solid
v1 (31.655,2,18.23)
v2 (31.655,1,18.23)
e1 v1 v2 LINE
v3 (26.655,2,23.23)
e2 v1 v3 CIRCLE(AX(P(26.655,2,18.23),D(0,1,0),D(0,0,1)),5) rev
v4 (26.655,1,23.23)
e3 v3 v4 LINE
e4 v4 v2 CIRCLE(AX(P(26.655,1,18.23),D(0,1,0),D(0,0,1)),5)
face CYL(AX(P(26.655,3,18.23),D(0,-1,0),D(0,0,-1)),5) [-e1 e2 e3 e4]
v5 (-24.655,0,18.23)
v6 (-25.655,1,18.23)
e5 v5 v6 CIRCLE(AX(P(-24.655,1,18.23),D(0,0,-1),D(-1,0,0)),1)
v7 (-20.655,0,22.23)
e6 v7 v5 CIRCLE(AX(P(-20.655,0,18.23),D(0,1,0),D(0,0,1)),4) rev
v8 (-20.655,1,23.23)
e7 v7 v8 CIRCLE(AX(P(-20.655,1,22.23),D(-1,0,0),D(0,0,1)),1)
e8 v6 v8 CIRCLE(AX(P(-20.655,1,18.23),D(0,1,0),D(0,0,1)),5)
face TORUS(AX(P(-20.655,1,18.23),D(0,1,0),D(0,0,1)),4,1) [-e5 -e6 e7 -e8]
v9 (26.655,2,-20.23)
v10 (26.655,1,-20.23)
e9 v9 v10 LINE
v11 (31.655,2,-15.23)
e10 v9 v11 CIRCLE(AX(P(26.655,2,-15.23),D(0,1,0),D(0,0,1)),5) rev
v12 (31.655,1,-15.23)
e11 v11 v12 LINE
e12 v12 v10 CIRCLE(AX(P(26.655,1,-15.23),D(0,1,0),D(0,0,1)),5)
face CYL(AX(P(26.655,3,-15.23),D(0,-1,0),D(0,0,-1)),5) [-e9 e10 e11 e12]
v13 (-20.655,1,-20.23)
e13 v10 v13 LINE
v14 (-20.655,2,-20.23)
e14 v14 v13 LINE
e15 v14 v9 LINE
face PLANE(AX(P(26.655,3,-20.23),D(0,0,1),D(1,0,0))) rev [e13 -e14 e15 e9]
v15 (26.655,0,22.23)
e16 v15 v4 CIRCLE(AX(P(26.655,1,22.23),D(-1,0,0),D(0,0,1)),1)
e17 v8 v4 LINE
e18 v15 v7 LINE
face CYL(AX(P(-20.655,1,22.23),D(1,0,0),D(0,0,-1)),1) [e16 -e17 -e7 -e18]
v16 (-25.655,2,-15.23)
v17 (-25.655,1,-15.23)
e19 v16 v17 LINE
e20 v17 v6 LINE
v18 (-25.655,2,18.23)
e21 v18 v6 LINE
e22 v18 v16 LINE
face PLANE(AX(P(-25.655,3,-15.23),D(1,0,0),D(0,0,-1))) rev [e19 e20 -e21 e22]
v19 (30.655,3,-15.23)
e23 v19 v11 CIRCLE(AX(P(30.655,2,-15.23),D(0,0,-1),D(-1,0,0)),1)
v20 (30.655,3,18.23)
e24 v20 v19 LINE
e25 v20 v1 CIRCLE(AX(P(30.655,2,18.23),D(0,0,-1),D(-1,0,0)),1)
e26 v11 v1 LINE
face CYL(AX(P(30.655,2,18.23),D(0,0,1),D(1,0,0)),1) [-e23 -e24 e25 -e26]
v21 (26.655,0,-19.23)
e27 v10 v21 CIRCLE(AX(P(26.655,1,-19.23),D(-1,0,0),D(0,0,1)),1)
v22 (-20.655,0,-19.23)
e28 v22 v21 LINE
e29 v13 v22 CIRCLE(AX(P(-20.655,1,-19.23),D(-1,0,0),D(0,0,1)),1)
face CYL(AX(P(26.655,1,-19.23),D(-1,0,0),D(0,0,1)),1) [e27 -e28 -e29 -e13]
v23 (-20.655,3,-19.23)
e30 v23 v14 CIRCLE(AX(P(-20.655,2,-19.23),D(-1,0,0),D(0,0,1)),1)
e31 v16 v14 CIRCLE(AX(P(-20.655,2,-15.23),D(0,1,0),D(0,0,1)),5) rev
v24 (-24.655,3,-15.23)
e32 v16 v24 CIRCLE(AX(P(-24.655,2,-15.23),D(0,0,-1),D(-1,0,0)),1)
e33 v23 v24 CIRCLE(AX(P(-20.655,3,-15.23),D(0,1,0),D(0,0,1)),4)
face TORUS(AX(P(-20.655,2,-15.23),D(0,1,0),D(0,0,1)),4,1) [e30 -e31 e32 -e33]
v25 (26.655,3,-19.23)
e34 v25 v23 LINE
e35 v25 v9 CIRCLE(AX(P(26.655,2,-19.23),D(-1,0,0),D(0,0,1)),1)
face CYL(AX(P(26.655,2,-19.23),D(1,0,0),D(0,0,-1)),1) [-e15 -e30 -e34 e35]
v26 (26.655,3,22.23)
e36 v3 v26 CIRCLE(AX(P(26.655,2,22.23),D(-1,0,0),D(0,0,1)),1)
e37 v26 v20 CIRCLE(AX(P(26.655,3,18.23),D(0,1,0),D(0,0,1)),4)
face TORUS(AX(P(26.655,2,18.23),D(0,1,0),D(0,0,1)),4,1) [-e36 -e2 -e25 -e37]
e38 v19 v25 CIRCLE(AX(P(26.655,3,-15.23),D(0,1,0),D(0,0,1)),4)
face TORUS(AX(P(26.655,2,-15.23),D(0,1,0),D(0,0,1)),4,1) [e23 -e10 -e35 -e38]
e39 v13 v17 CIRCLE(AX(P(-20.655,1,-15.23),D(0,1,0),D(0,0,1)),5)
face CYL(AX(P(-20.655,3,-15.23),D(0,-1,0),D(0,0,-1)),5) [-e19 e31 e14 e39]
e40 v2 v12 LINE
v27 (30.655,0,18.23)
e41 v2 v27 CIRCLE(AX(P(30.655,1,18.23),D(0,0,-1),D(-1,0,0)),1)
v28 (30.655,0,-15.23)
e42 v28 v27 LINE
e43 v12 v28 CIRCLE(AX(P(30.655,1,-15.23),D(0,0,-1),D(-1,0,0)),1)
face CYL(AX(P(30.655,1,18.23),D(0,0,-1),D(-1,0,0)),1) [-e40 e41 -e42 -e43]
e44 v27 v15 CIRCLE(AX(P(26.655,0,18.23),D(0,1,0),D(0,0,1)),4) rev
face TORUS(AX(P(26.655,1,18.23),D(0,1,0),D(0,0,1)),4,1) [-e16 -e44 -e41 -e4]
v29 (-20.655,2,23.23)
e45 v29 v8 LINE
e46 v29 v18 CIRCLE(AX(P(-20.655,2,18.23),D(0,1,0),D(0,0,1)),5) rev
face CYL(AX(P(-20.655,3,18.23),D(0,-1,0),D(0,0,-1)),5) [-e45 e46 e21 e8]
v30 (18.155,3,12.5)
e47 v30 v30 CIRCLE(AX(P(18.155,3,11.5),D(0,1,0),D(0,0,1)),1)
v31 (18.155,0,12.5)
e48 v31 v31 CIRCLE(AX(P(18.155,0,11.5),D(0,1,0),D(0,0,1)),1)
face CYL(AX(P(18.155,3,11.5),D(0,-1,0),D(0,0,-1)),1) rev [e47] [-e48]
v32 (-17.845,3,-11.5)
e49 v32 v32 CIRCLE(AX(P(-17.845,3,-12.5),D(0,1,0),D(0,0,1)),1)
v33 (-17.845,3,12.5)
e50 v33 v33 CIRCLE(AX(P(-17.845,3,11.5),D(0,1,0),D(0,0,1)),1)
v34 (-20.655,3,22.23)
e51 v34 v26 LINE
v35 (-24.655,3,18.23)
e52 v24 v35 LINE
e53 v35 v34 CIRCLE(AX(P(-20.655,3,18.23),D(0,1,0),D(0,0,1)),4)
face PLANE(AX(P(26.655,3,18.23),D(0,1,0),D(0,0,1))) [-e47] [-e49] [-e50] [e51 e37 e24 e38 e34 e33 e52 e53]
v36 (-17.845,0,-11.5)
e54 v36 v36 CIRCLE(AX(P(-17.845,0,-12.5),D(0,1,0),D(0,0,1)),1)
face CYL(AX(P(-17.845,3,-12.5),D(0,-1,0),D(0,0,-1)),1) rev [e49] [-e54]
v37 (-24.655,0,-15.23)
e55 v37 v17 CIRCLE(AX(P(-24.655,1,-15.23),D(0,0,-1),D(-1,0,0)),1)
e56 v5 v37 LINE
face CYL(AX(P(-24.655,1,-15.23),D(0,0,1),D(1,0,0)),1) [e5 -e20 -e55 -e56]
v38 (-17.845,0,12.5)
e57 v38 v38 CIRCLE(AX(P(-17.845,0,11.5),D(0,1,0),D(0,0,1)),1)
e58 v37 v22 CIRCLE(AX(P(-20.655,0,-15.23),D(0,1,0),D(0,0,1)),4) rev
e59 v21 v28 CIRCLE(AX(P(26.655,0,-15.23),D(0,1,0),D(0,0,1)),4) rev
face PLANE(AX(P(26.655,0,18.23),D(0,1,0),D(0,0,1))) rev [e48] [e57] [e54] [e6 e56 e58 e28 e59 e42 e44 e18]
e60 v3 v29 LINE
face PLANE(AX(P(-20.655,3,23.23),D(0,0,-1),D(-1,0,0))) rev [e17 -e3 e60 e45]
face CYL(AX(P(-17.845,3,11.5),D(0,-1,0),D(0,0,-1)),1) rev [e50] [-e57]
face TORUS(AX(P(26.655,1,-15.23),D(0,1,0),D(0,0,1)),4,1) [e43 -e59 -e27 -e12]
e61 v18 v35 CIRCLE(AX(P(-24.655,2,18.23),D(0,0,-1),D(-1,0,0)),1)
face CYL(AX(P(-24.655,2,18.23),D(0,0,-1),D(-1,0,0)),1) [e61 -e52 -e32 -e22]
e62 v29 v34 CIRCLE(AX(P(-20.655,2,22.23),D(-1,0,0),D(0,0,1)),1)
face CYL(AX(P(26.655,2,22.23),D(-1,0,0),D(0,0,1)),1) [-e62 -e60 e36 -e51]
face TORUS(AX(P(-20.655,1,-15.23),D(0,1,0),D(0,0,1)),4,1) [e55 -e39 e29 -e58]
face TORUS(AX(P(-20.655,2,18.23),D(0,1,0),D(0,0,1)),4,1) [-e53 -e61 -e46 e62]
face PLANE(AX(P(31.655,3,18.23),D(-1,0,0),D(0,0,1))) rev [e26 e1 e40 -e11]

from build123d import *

# Parameters (mm, degrees)
SKETCH1_R           = 1
BOSS_EXTRUDE1_DEPTH = 3
FILLET1_R           = 1


with BuildPart() as part:
    # Sketch1 → Boss-Extrude1 (new body)
    with BuildSketch(Plane(origin=(0, 0, 0), x_dir=(-1, 0, 0), z_dir=(0, 1, 0))):
        with BuildLine():
            Line((-31.655, 18.23), (-31.655, -15.23))
            ThreePointArc((-31.655, -15.23), (-30.190533906, -18.765533906), (-26.655, -20.23))
            Line((-26.655, -20.23), (20.655, -20.23))
            ThreePointArc((20.655, -20.23), (24.190533906, -18.765533906), (25.655, -15.23))
            Line((25.655, -15.23), (25.655, 18.23))
            ThreePointArc((25.655, 18.23), (24.190533906, 21.765533906), (20.655, 23.23))
            Line((20.655, 23.23), (-26.655, 23.23))
            ThreePointArc((-26.655, 23.23), (-30.190533906, 21.765533906), (-31.655, 18.23))
        make_face()
        with Locations(Location((-18.155, 11.5, 0), (0, 0, 90))):
            Circle(SKETCH1_R, mode=Mode.SUBTRACT)
        with Locations(Location((17.845, 11.5, 0), (0, 0, 90))):
            Circle(SKETCH1_R, mode=Mode.SUBTRACT)
        with Locations(Location((17.845, -12.5, 0), (0, 0, 90))):
            Circle(SKETCH1_R, mode=Mode.SUBTRACT)
    extrude(amount=BOSS_EXTRUDE1_DEPTH)

    # Fillet1
    fillet1_edges = [part.edges().sort_by_distance(p)[0] for p in [
        (30.190533906, 3, -18.765533906),
        (31.655, 0, 1.5),
        (30.190533906, 0, 21.765533906),
        (3, 3, -20.23),
        (-24.190533906, 3, -18.765533906),
        (-25.655, 3, 1.5),
        (-24.190533906, 3, 21.765533906),
        (3, 3, 23.23),
        (30.190533906, 3, 21.765533906),
        (31.655, 3, 1.5),
        (3, 0, 23.23),
        (-24.190533906, 0, 21.765533906),
        (-25.655, 0, 1.5),
        (-24.190533906, 0, -18.765533906),
        (3, 0, -20.23),
        (30.190533906, 0, -18.765533906),
    ]]
    fillet(fillet1_edges, radius=FILLET1_R)


solid = part.part
